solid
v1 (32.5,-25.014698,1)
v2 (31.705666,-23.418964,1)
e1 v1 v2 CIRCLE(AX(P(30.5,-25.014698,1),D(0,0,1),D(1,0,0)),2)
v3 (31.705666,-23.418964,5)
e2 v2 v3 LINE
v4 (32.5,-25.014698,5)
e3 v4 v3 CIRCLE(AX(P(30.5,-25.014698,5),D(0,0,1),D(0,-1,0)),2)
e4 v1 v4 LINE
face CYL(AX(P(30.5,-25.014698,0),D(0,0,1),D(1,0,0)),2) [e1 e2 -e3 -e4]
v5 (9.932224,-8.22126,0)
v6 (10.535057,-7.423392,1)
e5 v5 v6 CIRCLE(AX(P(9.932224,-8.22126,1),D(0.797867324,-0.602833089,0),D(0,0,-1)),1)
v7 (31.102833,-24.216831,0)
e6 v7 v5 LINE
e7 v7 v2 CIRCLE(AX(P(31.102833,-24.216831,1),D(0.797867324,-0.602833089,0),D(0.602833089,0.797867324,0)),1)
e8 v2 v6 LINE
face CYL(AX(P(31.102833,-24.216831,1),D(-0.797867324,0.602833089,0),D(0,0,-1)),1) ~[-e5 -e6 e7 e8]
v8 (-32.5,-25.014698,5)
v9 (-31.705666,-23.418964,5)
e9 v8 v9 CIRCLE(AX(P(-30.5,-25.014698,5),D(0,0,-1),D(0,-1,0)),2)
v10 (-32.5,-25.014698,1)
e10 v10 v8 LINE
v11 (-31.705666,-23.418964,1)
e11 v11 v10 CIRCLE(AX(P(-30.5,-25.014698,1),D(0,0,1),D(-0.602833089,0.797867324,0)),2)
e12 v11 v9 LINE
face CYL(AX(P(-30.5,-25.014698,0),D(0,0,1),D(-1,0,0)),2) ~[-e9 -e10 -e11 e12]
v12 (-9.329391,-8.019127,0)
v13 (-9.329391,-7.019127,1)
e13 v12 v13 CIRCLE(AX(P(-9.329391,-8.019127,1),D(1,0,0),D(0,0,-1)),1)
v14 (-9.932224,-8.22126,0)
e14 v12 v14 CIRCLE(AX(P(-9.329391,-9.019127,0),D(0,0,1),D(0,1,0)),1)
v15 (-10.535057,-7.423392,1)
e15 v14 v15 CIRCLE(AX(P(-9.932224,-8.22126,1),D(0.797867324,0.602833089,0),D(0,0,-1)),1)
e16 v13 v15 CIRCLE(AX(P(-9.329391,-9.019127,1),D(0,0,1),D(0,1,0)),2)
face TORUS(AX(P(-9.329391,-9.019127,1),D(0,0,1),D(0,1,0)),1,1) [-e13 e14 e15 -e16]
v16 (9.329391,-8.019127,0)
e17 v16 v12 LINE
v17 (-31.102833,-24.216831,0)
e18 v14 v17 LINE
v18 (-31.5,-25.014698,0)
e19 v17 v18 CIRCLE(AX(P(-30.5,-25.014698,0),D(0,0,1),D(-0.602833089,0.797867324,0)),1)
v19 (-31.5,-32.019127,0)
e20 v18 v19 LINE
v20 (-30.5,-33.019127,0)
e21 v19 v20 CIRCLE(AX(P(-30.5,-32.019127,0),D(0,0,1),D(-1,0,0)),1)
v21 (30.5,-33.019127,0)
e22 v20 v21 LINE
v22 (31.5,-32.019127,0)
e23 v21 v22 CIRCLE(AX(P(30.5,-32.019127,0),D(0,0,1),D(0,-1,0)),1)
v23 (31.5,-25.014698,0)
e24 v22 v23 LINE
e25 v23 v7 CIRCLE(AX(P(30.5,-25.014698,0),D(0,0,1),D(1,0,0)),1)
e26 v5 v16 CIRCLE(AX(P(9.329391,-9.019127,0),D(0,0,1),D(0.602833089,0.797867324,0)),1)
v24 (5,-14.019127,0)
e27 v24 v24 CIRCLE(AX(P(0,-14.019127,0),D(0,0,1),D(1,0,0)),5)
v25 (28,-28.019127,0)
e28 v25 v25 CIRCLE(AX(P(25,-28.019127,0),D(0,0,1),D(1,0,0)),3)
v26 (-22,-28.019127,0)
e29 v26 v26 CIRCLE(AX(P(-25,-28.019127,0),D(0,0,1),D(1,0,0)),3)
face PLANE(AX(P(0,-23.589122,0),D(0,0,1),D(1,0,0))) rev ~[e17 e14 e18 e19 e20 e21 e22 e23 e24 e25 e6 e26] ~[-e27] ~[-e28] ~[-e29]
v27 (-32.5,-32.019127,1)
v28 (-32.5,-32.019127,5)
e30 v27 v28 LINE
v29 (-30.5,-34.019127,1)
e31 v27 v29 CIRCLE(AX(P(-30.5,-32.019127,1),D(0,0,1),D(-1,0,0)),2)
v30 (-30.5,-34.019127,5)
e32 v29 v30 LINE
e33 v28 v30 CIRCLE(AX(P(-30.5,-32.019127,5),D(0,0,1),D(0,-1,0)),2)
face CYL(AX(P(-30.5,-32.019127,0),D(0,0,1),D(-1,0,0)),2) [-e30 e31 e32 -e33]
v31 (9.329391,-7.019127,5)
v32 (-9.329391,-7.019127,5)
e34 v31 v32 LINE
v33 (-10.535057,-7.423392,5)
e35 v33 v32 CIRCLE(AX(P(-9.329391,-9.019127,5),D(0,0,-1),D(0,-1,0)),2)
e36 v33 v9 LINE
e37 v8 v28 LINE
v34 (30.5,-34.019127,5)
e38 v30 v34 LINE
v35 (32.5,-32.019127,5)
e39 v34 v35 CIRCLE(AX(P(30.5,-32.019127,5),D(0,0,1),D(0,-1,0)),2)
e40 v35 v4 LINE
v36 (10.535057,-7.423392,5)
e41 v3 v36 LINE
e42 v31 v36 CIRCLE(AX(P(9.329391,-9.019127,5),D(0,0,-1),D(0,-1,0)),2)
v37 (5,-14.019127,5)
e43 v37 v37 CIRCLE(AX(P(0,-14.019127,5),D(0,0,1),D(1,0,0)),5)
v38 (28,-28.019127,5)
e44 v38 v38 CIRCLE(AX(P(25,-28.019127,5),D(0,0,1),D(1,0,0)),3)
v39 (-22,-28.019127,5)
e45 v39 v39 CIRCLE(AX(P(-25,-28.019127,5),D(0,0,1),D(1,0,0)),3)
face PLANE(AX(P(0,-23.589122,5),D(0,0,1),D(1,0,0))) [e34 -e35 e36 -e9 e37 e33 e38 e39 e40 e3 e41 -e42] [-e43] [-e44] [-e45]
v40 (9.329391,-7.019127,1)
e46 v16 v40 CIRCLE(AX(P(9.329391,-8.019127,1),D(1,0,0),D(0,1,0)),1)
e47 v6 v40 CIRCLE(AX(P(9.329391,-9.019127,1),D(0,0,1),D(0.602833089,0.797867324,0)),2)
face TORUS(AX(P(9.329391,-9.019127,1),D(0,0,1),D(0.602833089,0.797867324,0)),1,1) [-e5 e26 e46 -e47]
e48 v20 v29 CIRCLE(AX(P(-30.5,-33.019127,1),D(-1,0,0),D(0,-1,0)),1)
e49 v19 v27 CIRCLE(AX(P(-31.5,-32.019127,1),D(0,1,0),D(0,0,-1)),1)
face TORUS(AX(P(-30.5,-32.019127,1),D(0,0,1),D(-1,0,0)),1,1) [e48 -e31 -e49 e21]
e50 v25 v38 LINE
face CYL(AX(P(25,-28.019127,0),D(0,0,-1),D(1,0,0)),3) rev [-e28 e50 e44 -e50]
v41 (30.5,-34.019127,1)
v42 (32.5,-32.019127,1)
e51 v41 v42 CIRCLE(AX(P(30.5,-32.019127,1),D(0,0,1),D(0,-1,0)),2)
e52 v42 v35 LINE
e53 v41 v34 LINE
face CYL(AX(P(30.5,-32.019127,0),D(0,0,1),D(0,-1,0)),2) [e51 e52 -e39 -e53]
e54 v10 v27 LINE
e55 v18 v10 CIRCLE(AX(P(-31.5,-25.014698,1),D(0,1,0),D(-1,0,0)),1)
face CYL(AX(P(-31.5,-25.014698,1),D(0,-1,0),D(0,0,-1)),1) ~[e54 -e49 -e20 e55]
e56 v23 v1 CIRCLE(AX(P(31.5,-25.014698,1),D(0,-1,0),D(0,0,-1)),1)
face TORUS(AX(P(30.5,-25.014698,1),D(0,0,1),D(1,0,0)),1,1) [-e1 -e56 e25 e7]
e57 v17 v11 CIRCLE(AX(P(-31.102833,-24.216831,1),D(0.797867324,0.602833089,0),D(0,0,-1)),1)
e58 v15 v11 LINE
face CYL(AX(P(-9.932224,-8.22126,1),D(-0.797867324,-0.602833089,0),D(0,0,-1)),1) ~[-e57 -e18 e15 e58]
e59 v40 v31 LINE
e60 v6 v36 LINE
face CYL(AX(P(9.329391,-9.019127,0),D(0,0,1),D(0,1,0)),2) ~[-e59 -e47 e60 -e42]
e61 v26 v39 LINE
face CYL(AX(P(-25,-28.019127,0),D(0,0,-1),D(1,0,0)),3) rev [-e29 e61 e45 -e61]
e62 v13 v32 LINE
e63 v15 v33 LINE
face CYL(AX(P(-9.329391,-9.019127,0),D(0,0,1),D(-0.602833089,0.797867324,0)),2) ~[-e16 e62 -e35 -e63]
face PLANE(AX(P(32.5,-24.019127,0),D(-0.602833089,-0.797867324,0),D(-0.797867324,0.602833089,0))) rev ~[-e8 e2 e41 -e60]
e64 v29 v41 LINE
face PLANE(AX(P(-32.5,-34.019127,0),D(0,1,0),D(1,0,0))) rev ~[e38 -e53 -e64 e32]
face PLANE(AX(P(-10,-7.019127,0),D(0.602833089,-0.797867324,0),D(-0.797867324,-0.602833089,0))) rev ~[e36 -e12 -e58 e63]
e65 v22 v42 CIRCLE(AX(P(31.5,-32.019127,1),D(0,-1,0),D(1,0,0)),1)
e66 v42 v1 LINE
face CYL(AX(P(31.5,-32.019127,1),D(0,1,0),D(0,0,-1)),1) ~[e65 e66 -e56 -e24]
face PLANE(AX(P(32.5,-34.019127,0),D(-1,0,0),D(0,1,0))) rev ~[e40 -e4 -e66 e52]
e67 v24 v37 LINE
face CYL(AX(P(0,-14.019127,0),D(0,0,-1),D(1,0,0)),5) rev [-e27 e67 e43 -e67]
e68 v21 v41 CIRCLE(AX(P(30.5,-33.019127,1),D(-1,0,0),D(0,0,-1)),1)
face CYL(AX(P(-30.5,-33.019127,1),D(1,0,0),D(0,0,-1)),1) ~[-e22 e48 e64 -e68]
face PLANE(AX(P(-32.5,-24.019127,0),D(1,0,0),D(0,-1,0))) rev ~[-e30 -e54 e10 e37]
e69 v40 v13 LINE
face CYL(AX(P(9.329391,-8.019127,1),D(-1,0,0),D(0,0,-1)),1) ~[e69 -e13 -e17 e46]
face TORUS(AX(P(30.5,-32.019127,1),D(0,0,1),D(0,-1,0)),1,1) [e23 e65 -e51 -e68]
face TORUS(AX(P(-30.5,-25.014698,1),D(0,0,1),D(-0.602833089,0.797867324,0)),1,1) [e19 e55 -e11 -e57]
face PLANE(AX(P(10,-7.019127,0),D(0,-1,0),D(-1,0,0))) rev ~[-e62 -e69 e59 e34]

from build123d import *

# Parameters (mm, degrees)
F0_R     = 3
F0_R_2   = 5
F1_DEPTH = 5
F2_R     = 2
F3_R     = 1


with BuildPart() as f1:
    # F0 (on Top) → F1 (new body)
    with BuildSketch(Plane.XY):
        Polygon((-32.5, -24.019127), (-32.5, -34.019127), (32.5, -34.019127), (32.5, -24.019127), (10, -7.019127), (-10, -7.019127), align=None)
        with Locations((-25, -28.019127)):
            Circle(F0_R, mode=Mode.SUBTRACT)
        with Locations((25, -28.019127)):
            Circle(F0_R, mode=Mode.SUBTRACT)
        with Locations((0, -14.019127)):
            Circle(F0_R_2, mode=Mode.SUBTRACT)
    extrude(amount=F1_DEPTH)

    # F2
    f2_edges = [f1.edges().sort_by_distance(p)[0] for p in [
        (-10, -7.019127, 2.5),
        (-32.5, -24.019127, 2.5),
        (10, -7.019127, 2.5),
        (32.5, -24.019127, 2.5),
        (-32.5, -34.019127, 2.5),
        (32.5, -34.019127, 2.5),
    ]]
    fillet(f2_edges, radius=F2_R)

    # F3
    f3_edges = [f1.edges().sort_by_distance(p)[0] for p in [
        (-21.120362, -15.421178, 0),
        (-32.5, -28.516913, 0),
        (0, -34.019127, 0),
        (32.5, -28.516913, 0),
        (21.120362, -15.421178, 0),
        (0, -7.019127, 0),
    ]]
    fillet(f3_edges, radius=F3_R)


solid = f1.part
